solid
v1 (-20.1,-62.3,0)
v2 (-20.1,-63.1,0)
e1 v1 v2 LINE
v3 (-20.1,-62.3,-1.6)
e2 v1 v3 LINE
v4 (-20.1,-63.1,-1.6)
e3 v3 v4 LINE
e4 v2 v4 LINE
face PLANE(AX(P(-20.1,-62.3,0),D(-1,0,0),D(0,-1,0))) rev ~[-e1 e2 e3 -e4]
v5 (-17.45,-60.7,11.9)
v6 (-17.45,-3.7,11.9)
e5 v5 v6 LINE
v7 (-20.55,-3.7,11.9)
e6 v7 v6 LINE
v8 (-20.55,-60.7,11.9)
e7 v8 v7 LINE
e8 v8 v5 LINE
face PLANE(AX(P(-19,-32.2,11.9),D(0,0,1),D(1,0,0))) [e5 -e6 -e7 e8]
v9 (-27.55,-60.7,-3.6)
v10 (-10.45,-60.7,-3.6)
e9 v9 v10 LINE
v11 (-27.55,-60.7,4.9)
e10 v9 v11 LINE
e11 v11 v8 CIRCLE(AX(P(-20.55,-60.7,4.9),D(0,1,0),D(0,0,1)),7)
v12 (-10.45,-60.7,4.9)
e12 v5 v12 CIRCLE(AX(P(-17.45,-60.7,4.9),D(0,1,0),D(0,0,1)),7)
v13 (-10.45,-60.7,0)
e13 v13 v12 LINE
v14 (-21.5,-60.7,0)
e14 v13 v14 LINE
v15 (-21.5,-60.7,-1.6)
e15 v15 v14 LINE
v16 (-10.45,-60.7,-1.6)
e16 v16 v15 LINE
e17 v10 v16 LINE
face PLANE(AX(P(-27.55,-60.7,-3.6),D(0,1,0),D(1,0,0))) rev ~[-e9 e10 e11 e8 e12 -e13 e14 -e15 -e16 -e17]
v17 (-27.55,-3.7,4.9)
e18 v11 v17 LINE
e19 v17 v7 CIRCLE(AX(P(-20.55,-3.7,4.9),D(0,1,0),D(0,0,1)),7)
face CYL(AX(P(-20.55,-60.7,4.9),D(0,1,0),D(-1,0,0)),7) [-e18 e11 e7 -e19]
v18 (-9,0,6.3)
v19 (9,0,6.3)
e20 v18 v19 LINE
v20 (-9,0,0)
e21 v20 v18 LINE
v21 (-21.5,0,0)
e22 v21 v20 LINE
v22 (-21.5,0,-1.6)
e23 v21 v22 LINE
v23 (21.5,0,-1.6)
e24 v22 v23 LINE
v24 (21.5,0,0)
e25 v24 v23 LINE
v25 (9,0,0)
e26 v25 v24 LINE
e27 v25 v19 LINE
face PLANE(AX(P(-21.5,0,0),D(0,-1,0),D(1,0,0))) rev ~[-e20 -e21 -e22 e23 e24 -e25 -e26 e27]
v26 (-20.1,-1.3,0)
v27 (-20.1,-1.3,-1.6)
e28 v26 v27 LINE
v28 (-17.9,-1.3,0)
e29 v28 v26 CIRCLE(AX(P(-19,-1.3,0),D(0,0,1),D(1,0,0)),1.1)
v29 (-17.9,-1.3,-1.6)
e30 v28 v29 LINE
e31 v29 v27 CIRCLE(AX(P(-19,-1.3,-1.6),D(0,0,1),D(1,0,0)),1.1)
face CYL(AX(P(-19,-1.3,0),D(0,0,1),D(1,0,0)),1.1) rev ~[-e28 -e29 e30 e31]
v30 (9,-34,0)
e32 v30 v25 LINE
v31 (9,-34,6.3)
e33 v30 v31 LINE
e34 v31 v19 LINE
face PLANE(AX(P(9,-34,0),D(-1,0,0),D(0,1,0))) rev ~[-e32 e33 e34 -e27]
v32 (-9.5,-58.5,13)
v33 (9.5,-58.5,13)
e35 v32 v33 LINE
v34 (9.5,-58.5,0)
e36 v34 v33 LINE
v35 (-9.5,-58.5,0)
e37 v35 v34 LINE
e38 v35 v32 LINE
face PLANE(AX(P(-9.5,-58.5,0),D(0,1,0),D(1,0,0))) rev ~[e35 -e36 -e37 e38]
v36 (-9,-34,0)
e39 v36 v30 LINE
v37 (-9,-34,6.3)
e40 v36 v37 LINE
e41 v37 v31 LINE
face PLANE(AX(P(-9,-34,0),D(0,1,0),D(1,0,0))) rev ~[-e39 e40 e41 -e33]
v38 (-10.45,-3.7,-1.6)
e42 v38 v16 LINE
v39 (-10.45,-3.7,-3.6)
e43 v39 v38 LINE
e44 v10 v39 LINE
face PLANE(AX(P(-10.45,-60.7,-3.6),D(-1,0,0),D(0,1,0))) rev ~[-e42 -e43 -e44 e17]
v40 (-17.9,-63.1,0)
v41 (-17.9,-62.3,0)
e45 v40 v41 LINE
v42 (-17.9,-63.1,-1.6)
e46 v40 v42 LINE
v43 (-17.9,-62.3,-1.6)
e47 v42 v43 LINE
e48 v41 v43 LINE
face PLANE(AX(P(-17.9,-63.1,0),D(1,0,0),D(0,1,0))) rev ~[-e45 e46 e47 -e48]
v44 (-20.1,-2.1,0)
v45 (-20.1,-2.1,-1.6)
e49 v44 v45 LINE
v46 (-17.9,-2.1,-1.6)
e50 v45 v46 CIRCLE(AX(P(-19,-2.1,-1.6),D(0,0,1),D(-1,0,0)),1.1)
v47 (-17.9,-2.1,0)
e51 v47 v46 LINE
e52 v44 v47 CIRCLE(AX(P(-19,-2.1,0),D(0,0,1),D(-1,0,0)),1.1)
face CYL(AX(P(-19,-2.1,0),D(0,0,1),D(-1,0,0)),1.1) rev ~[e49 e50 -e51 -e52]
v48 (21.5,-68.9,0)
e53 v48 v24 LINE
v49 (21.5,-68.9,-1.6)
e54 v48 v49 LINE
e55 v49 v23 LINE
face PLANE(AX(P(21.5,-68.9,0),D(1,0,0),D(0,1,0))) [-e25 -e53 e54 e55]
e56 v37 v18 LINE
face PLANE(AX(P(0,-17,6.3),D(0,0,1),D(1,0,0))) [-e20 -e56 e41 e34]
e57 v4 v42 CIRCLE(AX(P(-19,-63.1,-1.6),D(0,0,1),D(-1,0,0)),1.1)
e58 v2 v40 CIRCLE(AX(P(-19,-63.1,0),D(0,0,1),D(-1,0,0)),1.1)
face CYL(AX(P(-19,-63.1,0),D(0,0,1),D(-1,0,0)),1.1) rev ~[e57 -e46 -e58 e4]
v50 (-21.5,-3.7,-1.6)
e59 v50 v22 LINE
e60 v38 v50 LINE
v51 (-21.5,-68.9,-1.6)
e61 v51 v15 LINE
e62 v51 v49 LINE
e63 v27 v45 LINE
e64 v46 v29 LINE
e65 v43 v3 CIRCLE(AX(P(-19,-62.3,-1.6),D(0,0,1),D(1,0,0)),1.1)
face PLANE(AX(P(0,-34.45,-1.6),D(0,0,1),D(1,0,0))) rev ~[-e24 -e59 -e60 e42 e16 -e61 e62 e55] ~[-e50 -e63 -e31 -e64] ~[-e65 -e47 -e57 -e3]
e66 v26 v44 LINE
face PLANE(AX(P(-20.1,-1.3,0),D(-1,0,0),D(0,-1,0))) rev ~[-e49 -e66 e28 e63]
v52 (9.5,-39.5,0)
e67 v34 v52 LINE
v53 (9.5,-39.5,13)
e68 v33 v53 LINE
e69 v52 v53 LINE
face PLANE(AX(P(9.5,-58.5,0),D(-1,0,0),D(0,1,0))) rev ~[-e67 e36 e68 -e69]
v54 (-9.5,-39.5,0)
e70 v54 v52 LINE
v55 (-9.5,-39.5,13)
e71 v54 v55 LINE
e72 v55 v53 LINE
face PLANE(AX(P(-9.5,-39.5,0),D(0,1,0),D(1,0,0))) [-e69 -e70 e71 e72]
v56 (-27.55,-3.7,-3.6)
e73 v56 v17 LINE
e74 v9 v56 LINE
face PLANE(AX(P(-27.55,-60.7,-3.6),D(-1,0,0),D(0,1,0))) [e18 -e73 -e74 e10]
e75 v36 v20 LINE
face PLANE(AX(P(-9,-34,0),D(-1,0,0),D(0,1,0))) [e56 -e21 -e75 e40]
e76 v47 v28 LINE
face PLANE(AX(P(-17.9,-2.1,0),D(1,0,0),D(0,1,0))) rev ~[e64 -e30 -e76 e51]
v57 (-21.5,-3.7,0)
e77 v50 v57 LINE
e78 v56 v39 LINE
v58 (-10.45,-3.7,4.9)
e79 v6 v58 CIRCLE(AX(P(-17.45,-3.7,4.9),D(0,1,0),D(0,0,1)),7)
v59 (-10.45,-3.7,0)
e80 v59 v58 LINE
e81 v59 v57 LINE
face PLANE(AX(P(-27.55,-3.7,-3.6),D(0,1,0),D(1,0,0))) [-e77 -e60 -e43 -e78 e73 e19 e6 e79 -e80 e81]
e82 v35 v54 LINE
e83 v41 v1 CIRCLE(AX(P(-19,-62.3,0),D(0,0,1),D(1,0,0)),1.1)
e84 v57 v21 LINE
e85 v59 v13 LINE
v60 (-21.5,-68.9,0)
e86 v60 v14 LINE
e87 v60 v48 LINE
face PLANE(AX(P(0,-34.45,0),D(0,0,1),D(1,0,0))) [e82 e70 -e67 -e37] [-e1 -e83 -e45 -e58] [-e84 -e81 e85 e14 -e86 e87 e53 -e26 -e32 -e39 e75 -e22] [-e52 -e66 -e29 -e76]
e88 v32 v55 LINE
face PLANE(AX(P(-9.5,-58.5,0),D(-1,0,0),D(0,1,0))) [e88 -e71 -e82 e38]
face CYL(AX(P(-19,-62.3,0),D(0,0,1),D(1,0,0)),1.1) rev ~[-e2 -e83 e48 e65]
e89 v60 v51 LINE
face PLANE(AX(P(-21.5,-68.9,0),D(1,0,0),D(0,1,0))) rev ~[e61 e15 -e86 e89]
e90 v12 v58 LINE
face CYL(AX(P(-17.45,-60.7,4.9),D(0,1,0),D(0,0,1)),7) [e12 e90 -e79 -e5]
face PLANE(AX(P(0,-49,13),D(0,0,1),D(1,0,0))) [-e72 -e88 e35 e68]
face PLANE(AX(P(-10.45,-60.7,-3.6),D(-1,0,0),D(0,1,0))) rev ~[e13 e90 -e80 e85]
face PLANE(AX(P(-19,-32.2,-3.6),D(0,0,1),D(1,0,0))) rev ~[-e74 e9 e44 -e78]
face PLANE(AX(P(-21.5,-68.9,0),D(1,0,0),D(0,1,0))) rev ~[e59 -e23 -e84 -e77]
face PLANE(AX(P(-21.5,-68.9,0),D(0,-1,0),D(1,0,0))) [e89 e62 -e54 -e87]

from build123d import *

# Parameters (mm, degrees)
SKETCH004_W     = 43
SKETCH004_H     = 68.9
PAD001_DEPTH    = 1.6
SKETCH005_W     = 18
SKETCH005_H     = 34
PAD002_DEPTH    = 6.3
SKETCH006_W     = 17.1
SKETCH006_H     = 57
PAD003_DEPTH    = 15.5
FILLET_R        = 7
POCKET003_DEPTH = 3.601
SKETCH010_W     = 19
SKETCH010_H     = 19
PAD004_DEPTH    = 13


with BuildPart() as part:
    # Sketch004 → Pad001 (new body)
    with BuildSketch(Plane.XY):
        with Locations((0, -34.45)):
            Rectangle(SKETCH004_W, SKETCH004_H)
    extrude(amount=-PAD001_DEPTH)

    # Sketch005 → Pad002 (join)
    with BuildSketch(Plane.XY):
        with Locations((0, -17)):
            Rectangle(SKETCH005_W, SKETCH005_H)
    extrude(amount=PAD002_DEPTH)

    # Sketch006 → Pad003 (join)
    with BuildSketch(Plane.XY.offset(-3.6)):
        with Locations((-19, -32.2)):
            Rectangle(SKETCH006_W, SKETCH006_H)
    extrude(amount=PAD003_DEPTH)

    # Fillet
    fillet_edges = [part.edges().sort_by_distance(p)[0] for p in [
        (-10.45, -32.2, 11.9),
        (-27.55, -32.2, 11.9),
    ]]
    fillet(fillet_edges, radius=FILLET_R)

    # Sketch009 → Pocket003 (cut, through all)
    with BuildSketch(Plane.XY):
        with BuildLine():
            ThreePointArc((-20.1, -63.1), (-19, -64.2), (-17.9, -63.1))
            Line((-17.9, -63.1), (-17.9, -62.3))
            ThreePointArc((-17.9, -62.3), (-19, -61.2), (-20.1, -62.3))
            Line((-20.1, -62.3), (-20.1, -63.1))
        make_face()
        with BuildLine():
            ThreePointArc((-17.9, -1.3), (-19, -0.2), (-20.1, -1.3))
            Line((-20.1, -1.3), (-20.1, -2.1))
            ThreePointArc((-20.1, -2.1), (-19, -3.2), (-17.9, -2.1))
            Line((-17.9, -2.1), (-17.9, -1.3))
        make_face()
    extrude(amount=-POCKET003_DEPTH, mode=Mode.SUBTRACT)

    # Sketch010 → Pad004 (join)
    with BuildSketch(Plane.XY):
        with Locations((0, -49)):
            Rectangle(SKETCH010_W, SKETCH010_H)
    extrude(amount=PAD004_DEPTH)


solid = part.part
